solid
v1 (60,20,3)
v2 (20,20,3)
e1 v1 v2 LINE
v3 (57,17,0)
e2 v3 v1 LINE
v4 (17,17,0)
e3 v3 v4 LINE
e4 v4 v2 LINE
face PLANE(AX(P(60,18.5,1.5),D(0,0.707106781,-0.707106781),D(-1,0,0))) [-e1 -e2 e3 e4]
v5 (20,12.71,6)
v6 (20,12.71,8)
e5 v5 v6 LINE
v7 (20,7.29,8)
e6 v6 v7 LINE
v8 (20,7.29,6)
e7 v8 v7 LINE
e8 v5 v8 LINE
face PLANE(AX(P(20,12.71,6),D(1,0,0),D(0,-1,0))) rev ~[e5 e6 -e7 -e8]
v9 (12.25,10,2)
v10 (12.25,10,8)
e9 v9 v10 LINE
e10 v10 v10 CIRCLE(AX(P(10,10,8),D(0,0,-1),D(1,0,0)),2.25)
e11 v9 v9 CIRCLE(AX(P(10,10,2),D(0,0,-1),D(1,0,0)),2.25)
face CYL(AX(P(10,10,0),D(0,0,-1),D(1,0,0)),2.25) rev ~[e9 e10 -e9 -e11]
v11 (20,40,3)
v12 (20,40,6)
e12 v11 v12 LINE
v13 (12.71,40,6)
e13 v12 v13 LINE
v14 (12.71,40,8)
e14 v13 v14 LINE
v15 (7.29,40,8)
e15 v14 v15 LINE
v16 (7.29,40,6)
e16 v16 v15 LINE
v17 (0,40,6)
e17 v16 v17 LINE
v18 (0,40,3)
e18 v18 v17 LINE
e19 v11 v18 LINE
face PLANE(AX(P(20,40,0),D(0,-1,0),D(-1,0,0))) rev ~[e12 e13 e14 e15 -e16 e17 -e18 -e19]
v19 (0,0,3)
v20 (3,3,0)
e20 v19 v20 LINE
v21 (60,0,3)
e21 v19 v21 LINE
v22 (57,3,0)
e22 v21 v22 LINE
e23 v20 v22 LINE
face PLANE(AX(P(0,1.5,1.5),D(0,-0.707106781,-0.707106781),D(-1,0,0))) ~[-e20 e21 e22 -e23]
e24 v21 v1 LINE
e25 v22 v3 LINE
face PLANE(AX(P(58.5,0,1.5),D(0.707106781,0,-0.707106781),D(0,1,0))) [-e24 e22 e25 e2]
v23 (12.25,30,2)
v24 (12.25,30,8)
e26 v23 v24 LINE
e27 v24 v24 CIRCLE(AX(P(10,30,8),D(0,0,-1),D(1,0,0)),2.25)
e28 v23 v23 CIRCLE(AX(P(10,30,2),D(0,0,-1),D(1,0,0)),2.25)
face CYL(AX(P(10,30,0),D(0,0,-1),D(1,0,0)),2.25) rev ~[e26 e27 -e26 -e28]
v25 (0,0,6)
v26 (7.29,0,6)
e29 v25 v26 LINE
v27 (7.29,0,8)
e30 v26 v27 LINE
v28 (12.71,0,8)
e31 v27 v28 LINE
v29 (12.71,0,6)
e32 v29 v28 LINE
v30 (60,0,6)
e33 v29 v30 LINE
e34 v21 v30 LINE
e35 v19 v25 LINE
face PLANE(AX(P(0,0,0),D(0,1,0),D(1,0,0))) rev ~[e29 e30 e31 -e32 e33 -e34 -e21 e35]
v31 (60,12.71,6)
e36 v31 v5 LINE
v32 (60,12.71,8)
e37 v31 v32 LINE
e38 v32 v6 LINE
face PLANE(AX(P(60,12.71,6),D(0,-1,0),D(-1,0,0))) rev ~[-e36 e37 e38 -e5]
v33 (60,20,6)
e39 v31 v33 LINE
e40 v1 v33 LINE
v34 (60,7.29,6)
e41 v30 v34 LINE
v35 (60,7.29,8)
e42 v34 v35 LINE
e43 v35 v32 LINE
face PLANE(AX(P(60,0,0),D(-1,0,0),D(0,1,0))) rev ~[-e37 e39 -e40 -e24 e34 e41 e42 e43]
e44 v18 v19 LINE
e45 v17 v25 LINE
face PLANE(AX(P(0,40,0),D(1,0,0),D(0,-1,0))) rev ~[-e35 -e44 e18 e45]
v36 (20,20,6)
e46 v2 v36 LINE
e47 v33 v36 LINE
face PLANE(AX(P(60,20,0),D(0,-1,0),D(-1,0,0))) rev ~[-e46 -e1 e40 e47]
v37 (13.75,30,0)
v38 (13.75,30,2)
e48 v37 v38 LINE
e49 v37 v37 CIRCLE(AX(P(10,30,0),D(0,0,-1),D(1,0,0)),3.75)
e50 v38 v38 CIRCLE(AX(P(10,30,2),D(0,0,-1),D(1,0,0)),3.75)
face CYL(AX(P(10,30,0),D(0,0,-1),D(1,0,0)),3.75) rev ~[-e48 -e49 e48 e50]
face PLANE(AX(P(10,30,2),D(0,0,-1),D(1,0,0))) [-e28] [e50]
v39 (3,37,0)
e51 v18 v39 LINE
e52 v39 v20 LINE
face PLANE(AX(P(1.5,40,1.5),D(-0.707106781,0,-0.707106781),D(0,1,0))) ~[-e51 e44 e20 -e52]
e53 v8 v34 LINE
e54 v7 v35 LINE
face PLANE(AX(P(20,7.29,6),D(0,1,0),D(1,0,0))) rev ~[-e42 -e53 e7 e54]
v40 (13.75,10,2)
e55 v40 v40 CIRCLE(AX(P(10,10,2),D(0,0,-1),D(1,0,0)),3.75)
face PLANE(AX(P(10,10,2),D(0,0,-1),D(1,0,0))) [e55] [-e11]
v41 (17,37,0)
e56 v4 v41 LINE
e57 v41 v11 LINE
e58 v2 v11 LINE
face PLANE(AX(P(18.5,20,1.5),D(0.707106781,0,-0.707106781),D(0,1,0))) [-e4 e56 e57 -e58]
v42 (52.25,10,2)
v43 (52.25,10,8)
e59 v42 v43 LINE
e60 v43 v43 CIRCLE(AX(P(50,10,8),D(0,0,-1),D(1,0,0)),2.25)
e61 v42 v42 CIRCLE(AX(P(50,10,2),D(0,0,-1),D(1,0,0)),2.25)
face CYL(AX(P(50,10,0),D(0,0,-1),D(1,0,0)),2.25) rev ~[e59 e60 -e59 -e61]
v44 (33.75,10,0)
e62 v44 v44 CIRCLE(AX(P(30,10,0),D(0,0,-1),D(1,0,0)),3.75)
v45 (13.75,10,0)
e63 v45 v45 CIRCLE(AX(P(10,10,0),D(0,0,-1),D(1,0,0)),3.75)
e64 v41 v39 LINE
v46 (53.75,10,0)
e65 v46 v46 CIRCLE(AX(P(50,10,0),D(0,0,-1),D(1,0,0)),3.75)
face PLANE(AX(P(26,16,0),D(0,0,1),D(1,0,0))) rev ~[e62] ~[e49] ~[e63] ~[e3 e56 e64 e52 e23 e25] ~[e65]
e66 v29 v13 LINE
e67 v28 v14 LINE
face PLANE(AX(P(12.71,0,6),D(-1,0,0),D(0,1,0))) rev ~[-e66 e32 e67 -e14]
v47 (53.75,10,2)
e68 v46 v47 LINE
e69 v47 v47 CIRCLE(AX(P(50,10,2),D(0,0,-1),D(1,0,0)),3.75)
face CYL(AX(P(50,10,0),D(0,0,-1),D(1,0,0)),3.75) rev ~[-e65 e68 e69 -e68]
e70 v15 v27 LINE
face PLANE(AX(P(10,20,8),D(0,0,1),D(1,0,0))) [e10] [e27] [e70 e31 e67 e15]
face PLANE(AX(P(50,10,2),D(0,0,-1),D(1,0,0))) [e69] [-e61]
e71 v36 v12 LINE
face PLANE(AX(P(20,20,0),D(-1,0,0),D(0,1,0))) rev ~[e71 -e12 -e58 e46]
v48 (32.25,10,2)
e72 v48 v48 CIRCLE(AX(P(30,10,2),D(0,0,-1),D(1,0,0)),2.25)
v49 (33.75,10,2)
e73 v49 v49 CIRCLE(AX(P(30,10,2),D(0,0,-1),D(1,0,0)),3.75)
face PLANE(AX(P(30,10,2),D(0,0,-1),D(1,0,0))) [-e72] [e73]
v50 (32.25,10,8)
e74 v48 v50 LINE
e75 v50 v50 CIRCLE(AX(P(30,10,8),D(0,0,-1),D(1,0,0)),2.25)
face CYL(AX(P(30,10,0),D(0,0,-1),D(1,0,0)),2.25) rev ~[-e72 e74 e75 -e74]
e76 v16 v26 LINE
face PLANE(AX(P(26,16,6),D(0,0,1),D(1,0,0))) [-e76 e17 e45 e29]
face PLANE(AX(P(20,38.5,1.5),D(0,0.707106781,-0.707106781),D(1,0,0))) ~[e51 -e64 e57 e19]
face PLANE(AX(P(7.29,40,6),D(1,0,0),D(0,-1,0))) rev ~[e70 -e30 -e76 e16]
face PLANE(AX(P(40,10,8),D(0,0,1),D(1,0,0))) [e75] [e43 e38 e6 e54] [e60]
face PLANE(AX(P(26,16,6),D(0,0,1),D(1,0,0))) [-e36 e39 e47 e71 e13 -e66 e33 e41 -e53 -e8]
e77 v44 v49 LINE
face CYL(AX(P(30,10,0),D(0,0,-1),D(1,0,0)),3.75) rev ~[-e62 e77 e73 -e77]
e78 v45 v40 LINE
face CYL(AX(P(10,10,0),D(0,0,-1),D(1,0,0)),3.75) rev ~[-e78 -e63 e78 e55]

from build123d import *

# Parameters (mm, degrees)
F1_DEPTH = 6
F3_DEPTH = 2
F4_R     = 2.25
F5_DEPTH = 8.001
F6_R     = 3.75
F7_DEPTH = 2
F8_SIZE  = 3


with BuildPart() as f1:
    # F0 (on Top) → F1 (new body)
    with BuildSketch(Plane.XY):
        Polygon((0, 40), (0, 0), (60, 0), (60, 20), (20, 20), (20, 40), align=None)
    extrude(amount=F1_DEPTH)

    # F2 (on face) → F3 (join)
    with BuildSketch(Plane.XY.offset(6)):
        Polygon((12.71, 40), (7.29, 40), (7.29, 0), (10, 0), (12.71, 0), align=None)
        Polygon((60, 7.29), (60, 12.71), (20, 12.71), (20, 10), (20, 7.29), align=None)
    extrude(amount=F3_DEPTH)

    # F4 (on face) → F5 (cut, through all)
    with BuildSketch(Plane(origin=(0, 0, 0), x_dir=(1, 0, 0), z_dir=(0, 0, -1))):
        with Locations((10, -10)):
            Circle(F4_R)
        with Locations((50, -10)):
            Circle(F4_R)
        with Locations((10, -30)):
            Circle(F4_R)
        with Locations((30, -10)):
            Circle(F4_R)
    extrude(amount=-F5_DEPTH, mode=Mode.SUBTRACT)

    # F6 (on face) → F7 (cut)
    with BuildSketch(Plane(origin=(0, 0, 0), x_dir=(1, 0, 0), z_dir=(0, 0, -1))):
        with Locations((10, -10)):
            Circle(F6_R)
        with Locations((30, -10)):
            Circle(F6_R)
        with Locations((50, -10)):
            Circle(F6_R)
        with Locations((10, -30)):
            Circle(F6_R)
    extrude(amount=-F7_DEPTH, mode=Mode.SUBTRACT)

    # F8
    f8_edges = [f1.edges().sort_by_distance(p)[0] for p in [
        (30, 0, 0),
        (0, 20, 0),
        (20, 30, 0),
        (40, 20, 0),
        (60, 10, 0),
        (10, 40, 0),
    ]]
    chamfer(f8_edges, length=F8_SIZE)


solid = f1.part
